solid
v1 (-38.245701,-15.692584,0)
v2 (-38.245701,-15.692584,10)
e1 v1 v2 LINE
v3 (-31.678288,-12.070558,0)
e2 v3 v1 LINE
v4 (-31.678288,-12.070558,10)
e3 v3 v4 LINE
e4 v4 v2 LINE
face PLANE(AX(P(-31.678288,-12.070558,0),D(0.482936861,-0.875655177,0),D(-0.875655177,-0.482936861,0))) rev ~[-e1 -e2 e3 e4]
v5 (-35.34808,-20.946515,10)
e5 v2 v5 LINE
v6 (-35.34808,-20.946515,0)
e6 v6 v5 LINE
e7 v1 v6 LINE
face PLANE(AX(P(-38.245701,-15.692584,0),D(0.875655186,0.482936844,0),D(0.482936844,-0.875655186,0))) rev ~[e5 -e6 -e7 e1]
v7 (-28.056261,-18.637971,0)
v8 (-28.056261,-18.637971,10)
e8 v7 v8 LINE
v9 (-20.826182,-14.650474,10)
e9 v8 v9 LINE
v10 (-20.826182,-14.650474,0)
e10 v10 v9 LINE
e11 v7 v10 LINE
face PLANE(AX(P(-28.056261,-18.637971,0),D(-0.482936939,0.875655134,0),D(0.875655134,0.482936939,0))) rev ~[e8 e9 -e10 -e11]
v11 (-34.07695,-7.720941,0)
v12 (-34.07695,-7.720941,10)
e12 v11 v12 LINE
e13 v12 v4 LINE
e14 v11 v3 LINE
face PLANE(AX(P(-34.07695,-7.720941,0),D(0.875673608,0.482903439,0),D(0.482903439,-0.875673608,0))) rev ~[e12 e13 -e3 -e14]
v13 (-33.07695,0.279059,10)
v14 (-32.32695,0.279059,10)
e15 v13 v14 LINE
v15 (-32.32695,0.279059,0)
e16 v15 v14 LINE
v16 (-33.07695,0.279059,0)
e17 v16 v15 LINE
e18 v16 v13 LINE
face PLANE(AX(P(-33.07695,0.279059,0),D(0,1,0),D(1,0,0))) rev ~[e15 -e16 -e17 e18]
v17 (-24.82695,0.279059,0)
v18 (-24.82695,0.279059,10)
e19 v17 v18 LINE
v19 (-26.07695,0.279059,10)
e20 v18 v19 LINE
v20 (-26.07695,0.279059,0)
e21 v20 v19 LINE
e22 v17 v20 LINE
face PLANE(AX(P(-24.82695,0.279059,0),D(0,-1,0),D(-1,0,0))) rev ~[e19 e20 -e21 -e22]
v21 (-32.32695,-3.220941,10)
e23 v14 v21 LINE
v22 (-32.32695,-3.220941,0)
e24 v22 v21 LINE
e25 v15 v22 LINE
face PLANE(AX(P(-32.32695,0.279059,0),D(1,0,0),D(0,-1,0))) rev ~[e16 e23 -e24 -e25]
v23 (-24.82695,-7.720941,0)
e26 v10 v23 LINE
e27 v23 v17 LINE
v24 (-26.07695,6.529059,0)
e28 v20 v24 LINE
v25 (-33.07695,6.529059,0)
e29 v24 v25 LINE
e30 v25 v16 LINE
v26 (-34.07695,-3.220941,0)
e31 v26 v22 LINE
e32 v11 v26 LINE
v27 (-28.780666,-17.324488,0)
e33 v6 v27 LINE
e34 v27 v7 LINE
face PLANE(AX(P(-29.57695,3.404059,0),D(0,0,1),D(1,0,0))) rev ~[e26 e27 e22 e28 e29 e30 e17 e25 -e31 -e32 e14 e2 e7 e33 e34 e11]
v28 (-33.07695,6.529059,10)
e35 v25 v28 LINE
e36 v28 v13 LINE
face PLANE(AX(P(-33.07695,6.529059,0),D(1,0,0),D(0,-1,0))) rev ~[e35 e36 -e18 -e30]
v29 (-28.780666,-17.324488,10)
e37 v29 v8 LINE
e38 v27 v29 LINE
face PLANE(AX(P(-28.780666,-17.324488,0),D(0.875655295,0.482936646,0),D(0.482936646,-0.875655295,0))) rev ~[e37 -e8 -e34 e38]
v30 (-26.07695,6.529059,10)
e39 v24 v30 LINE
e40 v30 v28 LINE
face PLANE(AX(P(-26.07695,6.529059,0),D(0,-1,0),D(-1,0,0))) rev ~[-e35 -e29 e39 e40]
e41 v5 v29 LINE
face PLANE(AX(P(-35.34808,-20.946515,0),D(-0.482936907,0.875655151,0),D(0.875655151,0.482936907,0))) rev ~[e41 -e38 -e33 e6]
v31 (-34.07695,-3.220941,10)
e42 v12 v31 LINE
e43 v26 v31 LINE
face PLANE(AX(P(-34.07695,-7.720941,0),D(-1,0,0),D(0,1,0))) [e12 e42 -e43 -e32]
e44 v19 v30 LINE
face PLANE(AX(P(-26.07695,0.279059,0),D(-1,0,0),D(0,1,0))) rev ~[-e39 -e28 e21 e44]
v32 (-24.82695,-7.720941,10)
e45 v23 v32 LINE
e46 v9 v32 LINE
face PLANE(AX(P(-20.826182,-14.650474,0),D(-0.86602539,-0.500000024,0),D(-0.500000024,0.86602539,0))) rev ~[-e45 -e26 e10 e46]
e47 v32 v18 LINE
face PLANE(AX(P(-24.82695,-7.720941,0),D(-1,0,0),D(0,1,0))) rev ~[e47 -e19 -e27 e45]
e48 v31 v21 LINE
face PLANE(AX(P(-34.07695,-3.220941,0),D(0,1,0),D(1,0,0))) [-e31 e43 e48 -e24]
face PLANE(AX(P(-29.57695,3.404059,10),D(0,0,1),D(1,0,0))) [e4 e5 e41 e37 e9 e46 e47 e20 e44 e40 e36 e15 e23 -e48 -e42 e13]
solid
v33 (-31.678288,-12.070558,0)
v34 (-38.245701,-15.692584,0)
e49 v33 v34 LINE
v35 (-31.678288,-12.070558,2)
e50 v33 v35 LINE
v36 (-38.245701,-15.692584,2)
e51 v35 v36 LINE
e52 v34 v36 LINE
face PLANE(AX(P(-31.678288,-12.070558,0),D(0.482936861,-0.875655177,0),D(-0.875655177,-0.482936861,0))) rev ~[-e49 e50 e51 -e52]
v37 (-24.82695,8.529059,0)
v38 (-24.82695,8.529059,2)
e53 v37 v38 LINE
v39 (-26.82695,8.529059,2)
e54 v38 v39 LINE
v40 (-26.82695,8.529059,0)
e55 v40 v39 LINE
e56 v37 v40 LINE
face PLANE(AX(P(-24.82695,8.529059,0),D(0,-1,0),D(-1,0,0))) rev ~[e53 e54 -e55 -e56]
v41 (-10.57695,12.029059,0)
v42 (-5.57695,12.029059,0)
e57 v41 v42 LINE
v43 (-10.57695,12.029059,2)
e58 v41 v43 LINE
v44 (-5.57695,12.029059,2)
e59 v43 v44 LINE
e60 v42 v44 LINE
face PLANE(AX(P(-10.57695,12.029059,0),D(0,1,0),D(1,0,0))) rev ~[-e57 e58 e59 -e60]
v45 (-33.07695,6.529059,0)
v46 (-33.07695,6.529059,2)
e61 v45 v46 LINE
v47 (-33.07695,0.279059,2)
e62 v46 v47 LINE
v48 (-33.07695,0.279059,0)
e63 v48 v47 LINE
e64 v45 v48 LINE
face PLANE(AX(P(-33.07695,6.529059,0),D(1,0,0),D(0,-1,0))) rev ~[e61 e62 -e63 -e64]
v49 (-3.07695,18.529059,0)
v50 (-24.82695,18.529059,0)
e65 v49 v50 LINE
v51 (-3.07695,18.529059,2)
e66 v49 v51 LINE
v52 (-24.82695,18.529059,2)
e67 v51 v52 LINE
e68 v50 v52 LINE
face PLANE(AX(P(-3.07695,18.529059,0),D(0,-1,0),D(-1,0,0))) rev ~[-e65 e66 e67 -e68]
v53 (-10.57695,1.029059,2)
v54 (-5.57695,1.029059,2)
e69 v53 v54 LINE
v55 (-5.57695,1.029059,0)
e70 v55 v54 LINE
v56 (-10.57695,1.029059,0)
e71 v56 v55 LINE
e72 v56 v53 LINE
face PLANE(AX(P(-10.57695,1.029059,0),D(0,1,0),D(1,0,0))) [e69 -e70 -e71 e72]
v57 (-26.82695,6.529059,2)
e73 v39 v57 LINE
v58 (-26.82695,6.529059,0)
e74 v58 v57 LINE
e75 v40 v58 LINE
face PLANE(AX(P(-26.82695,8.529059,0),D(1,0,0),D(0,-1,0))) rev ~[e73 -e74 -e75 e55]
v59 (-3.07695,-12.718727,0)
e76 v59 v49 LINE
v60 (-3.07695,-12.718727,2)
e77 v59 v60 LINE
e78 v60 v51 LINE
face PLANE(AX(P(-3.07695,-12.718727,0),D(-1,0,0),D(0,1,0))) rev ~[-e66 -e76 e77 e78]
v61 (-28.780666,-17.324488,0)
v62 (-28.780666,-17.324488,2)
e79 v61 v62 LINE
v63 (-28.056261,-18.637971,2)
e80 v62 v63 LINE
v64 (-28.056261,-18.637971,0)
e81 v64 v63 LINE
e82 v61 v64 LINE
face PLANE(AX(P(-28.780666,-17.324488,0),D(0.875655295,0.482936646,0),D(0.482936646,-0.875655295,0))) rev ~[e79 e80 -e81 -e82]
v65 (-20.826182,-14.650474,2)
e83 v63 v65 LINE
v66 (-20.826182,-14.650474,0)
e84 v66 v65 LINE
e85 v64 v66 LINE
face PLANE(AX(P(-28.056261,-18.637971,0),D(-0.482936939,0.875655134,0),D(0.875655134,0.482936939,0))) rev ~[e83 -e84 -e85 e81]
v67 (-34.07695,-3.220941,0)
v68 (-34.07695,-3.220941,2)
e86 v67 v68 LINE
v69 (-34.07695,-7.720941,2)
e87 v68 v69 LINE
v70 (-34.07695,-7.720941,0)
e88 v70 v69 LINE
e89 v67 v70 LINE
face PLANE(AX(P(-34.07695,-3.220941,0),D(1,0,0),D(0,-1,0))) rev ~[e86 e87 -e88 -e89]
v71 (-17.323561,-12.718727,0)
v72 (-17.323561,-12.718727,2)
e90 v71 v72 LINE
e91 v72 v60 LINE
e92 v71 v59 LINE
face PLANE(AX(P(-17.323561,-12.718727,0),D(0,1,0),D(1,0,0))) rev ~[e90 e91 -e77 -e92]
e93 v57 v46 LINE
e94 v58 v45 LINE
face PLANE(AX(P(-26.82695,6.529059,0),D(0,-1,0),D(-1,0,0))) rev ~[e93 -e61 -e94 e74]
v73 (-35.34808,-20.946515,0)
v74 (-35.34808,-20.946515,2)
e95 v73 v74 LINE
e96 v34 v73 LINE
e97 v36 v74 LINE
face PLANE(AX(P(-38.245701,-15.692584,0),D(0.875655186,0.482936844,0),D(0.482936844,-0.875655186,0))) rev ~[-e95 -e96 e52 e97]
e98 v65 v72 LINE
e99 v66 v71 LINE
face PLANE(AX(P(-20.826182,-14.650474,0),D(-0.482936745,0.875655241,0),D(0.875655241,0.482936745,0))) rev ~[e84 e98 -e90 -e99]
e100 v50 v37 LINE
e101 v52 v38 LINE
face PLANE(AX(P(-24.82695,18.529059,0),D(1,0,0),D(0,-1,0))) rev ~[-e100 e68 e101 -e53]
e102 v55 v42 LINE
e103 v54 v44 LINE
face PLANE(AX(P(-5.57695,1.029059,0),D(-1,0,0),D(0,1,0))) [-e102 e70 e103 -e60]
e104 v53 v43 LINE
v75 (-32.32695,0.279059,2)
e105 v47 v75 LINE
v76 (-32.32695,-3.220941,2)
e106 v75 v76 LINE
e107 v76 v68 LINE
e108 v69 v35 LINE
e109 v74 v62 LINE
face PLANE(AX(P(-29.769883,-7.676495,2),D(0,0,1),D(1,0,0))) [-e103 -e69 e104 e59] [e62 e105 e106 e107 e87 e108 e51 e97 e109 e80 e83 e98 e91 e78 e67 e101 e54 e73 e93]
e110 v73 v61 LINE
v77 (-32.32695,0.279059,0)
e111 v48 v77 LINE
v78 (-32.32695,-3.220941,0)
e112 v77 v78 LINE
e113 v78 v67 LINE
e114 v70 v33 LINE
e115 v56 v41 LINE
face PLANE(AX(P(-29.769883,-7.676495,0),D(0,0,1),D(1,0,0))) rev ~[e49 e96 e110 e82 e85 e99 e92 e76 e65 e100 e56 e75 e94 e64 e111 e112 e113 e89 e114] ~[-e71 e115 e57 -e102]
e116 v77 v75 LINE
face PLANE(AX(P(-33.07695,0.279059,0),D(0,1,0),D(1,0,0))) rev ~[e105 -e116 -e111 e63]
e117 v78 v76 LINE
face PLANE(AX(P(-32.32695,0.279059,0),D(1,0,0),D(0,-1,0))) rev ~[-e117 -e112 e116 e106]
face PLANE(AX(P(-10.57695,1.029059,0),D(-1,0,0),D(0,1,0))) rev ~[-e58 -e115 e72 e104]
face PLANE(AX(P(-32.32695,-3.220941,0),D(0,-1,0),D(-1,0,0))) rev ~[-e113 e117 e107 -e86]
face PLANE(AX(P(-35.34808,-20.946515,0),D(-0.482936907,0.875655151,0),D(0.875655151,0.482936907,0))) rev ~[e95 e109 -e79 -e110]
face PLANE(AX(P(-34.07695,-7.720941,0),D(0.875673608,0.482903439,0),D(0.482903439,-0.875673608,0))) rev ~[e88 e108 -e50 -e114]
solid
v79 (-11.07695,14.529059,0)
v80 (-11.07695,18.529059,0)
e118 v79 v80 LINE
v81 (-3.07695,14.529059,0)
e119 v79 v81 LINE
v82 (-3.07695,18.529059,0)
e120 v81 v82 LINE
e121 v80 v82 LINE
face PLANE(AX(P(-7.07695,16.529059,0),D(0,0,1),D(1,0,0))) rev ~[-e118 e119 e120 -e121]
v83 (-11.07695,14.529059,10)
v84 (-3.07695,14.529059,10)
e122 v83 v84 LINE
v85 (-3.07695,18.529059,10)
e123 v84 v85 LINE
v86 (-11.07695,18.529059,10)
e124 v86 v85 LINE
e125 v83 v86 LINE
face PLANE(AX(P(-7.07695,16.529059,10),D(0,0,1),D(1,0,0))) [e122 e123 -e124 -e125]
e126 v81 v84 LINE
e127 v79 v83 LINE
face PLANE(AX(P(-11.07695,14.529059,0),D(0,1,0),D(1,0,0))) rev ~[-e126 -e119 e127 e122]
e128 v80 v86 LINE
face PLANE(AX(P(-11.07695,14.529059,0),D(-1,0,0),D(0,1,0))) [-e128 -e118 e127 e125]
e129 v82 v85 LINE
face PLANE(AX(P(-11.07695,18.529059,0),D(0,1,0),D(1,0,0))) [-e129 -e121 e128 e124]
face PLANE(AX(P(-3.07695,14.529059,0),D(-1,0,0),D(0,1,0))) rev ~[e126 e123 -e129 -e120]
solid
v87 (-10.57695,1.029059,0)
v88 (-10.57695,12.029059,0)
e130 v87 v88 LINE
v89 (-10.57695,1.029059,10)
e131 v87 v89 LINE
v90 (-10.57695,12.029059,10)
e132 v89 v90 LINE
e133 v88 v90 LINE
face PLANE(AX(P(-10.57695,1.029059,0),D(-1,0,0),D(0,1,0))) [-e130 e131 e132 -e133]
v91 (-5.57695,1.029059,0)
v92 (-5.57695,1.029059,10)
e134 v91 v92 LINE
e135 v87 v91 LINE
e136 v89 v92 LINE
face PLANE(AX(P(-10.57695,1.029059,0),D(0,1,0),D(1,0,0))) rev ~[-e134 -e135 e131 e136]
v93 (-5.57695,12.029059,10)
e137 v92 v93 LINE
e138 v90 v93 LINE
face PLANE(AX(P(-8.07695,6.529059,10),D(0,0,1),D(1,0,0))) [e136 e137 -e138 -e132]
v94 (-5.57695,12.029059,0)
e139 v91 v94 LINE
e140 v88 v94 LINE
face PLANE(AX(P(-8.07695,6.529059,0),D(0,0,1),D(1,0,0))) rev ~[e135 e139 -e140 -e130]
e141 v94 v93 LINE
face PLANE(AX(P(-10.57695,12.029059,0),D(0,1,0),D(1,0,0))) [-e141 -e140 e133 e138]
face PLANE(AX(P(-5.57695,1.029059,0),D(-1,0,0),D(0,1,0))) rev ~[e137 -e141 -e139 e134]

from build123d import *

# Parameters (mm, degrees)
F0_W     = 1.75
F0_H     = 4.5
F0_W_2   = 8
F0_H_2   = 4
F0_W_3   = 5
F0_H_3   = 11
F1_DEPTH = 10
F2_W     = 5
F2_H     = 11
F2_W_2   = 8
F2_H_2   = 4
F3_DEPTH = 2


with BuildPart() as f1:
    # F0 (on Top) → F1 (new body)
    with BuildSketch(Plane.XY):
        Polygon((-26.07695, 6.529059), (-33.07695, 6.529059), (-33.07695, 0.279059), (-32.32695, 0.279059), (-26.07695, 0.279059), align=None)
        Polygon((-24.82695, 0.279059), (-26.07695, 0.279059), (-32.32695, 0.279059), (-32.32695, -3.220941), (-32.32695, -7.720941), (-24.82695, -7.720941), align=None)
        with Locations((-33.20195, -5.470941)):
            Rectangle(F0_W, F0_H)
        Polygon((-20.826182, -14.650474), (-24.82695, -7.720941), (-32.32695, -7.720941), (-34.07695, -7.720941), (-31.678288, -12.070558), (-28.780666, -17.324488), (-28.056261, -18.637971), align=None)
        Polygon((-28.780666, -17.324488), (-31.678288, -12.070558), (-38.245701, -15.692584), (-35.34808, -20.946515), align=None)
        with Locations((-7.07695, 16.529059)):
            Rectangle(F0_W_2, F0_H_2)
        with Locations((-8.07695, 6.529059)):
            Rectangle(F0_W_3, F0_H_3)
    extrude(amount=F1_DEPTH)


with BuildPart() as f3:
    # F2 (on Top) → F3 (new body)
    with BuildSketch(Plane.XY):
        Polygon((-38.245701, -15.692584), (-35.34808, -20.946515), (-28.780666, -17.324488), (-28.056261, -18.637971), (-20.826182, -14.650474), (-24.82695, -7.720941), (-24.82695, 0.279059), (-26.07695, 0.279059), (-26.07695, 6.529059), (-26.82695, 6.529059), (-26.917022, 6.529059), (-33.07695, 6.529059), (-33.07695, 0.279059), (-32.32695, 0.279059), (-32.32695, -3.220941), (-34.07695, -3.220941), (-34.07695, -7.720941), (-31.678288, -12.070558), align=None)
        Polygon((-24.82695, -7.720941), (-20.826182, -14.650474), (-17.323561, -12.718727), (-3.07695, -12.718727), (-3.07695, 14.529059), (-11.07695, 14.529059), (-11.07695, 18.529059), (-24.82695, 18.529059), (-24.82695, 8.529059), (-26.82695, 8.529059), (-26.82695, 6.529059), (-26.07695, 6.529059), (-26.07695, 0.279059), (-24.82695, 0.279059), align=None)
        with Locations((-8.07695, 6.529059)):
            Rectangle(F2_W, F2_H, mode=Mode.SUBTRACT)
        with Locations((-7.07695, 16.529059)):
            Rectangle(F2_W_2, F2_H_2)
    extrude(amount=F3_DEPTH)


solid = Compound([f1.part, f3.part])
